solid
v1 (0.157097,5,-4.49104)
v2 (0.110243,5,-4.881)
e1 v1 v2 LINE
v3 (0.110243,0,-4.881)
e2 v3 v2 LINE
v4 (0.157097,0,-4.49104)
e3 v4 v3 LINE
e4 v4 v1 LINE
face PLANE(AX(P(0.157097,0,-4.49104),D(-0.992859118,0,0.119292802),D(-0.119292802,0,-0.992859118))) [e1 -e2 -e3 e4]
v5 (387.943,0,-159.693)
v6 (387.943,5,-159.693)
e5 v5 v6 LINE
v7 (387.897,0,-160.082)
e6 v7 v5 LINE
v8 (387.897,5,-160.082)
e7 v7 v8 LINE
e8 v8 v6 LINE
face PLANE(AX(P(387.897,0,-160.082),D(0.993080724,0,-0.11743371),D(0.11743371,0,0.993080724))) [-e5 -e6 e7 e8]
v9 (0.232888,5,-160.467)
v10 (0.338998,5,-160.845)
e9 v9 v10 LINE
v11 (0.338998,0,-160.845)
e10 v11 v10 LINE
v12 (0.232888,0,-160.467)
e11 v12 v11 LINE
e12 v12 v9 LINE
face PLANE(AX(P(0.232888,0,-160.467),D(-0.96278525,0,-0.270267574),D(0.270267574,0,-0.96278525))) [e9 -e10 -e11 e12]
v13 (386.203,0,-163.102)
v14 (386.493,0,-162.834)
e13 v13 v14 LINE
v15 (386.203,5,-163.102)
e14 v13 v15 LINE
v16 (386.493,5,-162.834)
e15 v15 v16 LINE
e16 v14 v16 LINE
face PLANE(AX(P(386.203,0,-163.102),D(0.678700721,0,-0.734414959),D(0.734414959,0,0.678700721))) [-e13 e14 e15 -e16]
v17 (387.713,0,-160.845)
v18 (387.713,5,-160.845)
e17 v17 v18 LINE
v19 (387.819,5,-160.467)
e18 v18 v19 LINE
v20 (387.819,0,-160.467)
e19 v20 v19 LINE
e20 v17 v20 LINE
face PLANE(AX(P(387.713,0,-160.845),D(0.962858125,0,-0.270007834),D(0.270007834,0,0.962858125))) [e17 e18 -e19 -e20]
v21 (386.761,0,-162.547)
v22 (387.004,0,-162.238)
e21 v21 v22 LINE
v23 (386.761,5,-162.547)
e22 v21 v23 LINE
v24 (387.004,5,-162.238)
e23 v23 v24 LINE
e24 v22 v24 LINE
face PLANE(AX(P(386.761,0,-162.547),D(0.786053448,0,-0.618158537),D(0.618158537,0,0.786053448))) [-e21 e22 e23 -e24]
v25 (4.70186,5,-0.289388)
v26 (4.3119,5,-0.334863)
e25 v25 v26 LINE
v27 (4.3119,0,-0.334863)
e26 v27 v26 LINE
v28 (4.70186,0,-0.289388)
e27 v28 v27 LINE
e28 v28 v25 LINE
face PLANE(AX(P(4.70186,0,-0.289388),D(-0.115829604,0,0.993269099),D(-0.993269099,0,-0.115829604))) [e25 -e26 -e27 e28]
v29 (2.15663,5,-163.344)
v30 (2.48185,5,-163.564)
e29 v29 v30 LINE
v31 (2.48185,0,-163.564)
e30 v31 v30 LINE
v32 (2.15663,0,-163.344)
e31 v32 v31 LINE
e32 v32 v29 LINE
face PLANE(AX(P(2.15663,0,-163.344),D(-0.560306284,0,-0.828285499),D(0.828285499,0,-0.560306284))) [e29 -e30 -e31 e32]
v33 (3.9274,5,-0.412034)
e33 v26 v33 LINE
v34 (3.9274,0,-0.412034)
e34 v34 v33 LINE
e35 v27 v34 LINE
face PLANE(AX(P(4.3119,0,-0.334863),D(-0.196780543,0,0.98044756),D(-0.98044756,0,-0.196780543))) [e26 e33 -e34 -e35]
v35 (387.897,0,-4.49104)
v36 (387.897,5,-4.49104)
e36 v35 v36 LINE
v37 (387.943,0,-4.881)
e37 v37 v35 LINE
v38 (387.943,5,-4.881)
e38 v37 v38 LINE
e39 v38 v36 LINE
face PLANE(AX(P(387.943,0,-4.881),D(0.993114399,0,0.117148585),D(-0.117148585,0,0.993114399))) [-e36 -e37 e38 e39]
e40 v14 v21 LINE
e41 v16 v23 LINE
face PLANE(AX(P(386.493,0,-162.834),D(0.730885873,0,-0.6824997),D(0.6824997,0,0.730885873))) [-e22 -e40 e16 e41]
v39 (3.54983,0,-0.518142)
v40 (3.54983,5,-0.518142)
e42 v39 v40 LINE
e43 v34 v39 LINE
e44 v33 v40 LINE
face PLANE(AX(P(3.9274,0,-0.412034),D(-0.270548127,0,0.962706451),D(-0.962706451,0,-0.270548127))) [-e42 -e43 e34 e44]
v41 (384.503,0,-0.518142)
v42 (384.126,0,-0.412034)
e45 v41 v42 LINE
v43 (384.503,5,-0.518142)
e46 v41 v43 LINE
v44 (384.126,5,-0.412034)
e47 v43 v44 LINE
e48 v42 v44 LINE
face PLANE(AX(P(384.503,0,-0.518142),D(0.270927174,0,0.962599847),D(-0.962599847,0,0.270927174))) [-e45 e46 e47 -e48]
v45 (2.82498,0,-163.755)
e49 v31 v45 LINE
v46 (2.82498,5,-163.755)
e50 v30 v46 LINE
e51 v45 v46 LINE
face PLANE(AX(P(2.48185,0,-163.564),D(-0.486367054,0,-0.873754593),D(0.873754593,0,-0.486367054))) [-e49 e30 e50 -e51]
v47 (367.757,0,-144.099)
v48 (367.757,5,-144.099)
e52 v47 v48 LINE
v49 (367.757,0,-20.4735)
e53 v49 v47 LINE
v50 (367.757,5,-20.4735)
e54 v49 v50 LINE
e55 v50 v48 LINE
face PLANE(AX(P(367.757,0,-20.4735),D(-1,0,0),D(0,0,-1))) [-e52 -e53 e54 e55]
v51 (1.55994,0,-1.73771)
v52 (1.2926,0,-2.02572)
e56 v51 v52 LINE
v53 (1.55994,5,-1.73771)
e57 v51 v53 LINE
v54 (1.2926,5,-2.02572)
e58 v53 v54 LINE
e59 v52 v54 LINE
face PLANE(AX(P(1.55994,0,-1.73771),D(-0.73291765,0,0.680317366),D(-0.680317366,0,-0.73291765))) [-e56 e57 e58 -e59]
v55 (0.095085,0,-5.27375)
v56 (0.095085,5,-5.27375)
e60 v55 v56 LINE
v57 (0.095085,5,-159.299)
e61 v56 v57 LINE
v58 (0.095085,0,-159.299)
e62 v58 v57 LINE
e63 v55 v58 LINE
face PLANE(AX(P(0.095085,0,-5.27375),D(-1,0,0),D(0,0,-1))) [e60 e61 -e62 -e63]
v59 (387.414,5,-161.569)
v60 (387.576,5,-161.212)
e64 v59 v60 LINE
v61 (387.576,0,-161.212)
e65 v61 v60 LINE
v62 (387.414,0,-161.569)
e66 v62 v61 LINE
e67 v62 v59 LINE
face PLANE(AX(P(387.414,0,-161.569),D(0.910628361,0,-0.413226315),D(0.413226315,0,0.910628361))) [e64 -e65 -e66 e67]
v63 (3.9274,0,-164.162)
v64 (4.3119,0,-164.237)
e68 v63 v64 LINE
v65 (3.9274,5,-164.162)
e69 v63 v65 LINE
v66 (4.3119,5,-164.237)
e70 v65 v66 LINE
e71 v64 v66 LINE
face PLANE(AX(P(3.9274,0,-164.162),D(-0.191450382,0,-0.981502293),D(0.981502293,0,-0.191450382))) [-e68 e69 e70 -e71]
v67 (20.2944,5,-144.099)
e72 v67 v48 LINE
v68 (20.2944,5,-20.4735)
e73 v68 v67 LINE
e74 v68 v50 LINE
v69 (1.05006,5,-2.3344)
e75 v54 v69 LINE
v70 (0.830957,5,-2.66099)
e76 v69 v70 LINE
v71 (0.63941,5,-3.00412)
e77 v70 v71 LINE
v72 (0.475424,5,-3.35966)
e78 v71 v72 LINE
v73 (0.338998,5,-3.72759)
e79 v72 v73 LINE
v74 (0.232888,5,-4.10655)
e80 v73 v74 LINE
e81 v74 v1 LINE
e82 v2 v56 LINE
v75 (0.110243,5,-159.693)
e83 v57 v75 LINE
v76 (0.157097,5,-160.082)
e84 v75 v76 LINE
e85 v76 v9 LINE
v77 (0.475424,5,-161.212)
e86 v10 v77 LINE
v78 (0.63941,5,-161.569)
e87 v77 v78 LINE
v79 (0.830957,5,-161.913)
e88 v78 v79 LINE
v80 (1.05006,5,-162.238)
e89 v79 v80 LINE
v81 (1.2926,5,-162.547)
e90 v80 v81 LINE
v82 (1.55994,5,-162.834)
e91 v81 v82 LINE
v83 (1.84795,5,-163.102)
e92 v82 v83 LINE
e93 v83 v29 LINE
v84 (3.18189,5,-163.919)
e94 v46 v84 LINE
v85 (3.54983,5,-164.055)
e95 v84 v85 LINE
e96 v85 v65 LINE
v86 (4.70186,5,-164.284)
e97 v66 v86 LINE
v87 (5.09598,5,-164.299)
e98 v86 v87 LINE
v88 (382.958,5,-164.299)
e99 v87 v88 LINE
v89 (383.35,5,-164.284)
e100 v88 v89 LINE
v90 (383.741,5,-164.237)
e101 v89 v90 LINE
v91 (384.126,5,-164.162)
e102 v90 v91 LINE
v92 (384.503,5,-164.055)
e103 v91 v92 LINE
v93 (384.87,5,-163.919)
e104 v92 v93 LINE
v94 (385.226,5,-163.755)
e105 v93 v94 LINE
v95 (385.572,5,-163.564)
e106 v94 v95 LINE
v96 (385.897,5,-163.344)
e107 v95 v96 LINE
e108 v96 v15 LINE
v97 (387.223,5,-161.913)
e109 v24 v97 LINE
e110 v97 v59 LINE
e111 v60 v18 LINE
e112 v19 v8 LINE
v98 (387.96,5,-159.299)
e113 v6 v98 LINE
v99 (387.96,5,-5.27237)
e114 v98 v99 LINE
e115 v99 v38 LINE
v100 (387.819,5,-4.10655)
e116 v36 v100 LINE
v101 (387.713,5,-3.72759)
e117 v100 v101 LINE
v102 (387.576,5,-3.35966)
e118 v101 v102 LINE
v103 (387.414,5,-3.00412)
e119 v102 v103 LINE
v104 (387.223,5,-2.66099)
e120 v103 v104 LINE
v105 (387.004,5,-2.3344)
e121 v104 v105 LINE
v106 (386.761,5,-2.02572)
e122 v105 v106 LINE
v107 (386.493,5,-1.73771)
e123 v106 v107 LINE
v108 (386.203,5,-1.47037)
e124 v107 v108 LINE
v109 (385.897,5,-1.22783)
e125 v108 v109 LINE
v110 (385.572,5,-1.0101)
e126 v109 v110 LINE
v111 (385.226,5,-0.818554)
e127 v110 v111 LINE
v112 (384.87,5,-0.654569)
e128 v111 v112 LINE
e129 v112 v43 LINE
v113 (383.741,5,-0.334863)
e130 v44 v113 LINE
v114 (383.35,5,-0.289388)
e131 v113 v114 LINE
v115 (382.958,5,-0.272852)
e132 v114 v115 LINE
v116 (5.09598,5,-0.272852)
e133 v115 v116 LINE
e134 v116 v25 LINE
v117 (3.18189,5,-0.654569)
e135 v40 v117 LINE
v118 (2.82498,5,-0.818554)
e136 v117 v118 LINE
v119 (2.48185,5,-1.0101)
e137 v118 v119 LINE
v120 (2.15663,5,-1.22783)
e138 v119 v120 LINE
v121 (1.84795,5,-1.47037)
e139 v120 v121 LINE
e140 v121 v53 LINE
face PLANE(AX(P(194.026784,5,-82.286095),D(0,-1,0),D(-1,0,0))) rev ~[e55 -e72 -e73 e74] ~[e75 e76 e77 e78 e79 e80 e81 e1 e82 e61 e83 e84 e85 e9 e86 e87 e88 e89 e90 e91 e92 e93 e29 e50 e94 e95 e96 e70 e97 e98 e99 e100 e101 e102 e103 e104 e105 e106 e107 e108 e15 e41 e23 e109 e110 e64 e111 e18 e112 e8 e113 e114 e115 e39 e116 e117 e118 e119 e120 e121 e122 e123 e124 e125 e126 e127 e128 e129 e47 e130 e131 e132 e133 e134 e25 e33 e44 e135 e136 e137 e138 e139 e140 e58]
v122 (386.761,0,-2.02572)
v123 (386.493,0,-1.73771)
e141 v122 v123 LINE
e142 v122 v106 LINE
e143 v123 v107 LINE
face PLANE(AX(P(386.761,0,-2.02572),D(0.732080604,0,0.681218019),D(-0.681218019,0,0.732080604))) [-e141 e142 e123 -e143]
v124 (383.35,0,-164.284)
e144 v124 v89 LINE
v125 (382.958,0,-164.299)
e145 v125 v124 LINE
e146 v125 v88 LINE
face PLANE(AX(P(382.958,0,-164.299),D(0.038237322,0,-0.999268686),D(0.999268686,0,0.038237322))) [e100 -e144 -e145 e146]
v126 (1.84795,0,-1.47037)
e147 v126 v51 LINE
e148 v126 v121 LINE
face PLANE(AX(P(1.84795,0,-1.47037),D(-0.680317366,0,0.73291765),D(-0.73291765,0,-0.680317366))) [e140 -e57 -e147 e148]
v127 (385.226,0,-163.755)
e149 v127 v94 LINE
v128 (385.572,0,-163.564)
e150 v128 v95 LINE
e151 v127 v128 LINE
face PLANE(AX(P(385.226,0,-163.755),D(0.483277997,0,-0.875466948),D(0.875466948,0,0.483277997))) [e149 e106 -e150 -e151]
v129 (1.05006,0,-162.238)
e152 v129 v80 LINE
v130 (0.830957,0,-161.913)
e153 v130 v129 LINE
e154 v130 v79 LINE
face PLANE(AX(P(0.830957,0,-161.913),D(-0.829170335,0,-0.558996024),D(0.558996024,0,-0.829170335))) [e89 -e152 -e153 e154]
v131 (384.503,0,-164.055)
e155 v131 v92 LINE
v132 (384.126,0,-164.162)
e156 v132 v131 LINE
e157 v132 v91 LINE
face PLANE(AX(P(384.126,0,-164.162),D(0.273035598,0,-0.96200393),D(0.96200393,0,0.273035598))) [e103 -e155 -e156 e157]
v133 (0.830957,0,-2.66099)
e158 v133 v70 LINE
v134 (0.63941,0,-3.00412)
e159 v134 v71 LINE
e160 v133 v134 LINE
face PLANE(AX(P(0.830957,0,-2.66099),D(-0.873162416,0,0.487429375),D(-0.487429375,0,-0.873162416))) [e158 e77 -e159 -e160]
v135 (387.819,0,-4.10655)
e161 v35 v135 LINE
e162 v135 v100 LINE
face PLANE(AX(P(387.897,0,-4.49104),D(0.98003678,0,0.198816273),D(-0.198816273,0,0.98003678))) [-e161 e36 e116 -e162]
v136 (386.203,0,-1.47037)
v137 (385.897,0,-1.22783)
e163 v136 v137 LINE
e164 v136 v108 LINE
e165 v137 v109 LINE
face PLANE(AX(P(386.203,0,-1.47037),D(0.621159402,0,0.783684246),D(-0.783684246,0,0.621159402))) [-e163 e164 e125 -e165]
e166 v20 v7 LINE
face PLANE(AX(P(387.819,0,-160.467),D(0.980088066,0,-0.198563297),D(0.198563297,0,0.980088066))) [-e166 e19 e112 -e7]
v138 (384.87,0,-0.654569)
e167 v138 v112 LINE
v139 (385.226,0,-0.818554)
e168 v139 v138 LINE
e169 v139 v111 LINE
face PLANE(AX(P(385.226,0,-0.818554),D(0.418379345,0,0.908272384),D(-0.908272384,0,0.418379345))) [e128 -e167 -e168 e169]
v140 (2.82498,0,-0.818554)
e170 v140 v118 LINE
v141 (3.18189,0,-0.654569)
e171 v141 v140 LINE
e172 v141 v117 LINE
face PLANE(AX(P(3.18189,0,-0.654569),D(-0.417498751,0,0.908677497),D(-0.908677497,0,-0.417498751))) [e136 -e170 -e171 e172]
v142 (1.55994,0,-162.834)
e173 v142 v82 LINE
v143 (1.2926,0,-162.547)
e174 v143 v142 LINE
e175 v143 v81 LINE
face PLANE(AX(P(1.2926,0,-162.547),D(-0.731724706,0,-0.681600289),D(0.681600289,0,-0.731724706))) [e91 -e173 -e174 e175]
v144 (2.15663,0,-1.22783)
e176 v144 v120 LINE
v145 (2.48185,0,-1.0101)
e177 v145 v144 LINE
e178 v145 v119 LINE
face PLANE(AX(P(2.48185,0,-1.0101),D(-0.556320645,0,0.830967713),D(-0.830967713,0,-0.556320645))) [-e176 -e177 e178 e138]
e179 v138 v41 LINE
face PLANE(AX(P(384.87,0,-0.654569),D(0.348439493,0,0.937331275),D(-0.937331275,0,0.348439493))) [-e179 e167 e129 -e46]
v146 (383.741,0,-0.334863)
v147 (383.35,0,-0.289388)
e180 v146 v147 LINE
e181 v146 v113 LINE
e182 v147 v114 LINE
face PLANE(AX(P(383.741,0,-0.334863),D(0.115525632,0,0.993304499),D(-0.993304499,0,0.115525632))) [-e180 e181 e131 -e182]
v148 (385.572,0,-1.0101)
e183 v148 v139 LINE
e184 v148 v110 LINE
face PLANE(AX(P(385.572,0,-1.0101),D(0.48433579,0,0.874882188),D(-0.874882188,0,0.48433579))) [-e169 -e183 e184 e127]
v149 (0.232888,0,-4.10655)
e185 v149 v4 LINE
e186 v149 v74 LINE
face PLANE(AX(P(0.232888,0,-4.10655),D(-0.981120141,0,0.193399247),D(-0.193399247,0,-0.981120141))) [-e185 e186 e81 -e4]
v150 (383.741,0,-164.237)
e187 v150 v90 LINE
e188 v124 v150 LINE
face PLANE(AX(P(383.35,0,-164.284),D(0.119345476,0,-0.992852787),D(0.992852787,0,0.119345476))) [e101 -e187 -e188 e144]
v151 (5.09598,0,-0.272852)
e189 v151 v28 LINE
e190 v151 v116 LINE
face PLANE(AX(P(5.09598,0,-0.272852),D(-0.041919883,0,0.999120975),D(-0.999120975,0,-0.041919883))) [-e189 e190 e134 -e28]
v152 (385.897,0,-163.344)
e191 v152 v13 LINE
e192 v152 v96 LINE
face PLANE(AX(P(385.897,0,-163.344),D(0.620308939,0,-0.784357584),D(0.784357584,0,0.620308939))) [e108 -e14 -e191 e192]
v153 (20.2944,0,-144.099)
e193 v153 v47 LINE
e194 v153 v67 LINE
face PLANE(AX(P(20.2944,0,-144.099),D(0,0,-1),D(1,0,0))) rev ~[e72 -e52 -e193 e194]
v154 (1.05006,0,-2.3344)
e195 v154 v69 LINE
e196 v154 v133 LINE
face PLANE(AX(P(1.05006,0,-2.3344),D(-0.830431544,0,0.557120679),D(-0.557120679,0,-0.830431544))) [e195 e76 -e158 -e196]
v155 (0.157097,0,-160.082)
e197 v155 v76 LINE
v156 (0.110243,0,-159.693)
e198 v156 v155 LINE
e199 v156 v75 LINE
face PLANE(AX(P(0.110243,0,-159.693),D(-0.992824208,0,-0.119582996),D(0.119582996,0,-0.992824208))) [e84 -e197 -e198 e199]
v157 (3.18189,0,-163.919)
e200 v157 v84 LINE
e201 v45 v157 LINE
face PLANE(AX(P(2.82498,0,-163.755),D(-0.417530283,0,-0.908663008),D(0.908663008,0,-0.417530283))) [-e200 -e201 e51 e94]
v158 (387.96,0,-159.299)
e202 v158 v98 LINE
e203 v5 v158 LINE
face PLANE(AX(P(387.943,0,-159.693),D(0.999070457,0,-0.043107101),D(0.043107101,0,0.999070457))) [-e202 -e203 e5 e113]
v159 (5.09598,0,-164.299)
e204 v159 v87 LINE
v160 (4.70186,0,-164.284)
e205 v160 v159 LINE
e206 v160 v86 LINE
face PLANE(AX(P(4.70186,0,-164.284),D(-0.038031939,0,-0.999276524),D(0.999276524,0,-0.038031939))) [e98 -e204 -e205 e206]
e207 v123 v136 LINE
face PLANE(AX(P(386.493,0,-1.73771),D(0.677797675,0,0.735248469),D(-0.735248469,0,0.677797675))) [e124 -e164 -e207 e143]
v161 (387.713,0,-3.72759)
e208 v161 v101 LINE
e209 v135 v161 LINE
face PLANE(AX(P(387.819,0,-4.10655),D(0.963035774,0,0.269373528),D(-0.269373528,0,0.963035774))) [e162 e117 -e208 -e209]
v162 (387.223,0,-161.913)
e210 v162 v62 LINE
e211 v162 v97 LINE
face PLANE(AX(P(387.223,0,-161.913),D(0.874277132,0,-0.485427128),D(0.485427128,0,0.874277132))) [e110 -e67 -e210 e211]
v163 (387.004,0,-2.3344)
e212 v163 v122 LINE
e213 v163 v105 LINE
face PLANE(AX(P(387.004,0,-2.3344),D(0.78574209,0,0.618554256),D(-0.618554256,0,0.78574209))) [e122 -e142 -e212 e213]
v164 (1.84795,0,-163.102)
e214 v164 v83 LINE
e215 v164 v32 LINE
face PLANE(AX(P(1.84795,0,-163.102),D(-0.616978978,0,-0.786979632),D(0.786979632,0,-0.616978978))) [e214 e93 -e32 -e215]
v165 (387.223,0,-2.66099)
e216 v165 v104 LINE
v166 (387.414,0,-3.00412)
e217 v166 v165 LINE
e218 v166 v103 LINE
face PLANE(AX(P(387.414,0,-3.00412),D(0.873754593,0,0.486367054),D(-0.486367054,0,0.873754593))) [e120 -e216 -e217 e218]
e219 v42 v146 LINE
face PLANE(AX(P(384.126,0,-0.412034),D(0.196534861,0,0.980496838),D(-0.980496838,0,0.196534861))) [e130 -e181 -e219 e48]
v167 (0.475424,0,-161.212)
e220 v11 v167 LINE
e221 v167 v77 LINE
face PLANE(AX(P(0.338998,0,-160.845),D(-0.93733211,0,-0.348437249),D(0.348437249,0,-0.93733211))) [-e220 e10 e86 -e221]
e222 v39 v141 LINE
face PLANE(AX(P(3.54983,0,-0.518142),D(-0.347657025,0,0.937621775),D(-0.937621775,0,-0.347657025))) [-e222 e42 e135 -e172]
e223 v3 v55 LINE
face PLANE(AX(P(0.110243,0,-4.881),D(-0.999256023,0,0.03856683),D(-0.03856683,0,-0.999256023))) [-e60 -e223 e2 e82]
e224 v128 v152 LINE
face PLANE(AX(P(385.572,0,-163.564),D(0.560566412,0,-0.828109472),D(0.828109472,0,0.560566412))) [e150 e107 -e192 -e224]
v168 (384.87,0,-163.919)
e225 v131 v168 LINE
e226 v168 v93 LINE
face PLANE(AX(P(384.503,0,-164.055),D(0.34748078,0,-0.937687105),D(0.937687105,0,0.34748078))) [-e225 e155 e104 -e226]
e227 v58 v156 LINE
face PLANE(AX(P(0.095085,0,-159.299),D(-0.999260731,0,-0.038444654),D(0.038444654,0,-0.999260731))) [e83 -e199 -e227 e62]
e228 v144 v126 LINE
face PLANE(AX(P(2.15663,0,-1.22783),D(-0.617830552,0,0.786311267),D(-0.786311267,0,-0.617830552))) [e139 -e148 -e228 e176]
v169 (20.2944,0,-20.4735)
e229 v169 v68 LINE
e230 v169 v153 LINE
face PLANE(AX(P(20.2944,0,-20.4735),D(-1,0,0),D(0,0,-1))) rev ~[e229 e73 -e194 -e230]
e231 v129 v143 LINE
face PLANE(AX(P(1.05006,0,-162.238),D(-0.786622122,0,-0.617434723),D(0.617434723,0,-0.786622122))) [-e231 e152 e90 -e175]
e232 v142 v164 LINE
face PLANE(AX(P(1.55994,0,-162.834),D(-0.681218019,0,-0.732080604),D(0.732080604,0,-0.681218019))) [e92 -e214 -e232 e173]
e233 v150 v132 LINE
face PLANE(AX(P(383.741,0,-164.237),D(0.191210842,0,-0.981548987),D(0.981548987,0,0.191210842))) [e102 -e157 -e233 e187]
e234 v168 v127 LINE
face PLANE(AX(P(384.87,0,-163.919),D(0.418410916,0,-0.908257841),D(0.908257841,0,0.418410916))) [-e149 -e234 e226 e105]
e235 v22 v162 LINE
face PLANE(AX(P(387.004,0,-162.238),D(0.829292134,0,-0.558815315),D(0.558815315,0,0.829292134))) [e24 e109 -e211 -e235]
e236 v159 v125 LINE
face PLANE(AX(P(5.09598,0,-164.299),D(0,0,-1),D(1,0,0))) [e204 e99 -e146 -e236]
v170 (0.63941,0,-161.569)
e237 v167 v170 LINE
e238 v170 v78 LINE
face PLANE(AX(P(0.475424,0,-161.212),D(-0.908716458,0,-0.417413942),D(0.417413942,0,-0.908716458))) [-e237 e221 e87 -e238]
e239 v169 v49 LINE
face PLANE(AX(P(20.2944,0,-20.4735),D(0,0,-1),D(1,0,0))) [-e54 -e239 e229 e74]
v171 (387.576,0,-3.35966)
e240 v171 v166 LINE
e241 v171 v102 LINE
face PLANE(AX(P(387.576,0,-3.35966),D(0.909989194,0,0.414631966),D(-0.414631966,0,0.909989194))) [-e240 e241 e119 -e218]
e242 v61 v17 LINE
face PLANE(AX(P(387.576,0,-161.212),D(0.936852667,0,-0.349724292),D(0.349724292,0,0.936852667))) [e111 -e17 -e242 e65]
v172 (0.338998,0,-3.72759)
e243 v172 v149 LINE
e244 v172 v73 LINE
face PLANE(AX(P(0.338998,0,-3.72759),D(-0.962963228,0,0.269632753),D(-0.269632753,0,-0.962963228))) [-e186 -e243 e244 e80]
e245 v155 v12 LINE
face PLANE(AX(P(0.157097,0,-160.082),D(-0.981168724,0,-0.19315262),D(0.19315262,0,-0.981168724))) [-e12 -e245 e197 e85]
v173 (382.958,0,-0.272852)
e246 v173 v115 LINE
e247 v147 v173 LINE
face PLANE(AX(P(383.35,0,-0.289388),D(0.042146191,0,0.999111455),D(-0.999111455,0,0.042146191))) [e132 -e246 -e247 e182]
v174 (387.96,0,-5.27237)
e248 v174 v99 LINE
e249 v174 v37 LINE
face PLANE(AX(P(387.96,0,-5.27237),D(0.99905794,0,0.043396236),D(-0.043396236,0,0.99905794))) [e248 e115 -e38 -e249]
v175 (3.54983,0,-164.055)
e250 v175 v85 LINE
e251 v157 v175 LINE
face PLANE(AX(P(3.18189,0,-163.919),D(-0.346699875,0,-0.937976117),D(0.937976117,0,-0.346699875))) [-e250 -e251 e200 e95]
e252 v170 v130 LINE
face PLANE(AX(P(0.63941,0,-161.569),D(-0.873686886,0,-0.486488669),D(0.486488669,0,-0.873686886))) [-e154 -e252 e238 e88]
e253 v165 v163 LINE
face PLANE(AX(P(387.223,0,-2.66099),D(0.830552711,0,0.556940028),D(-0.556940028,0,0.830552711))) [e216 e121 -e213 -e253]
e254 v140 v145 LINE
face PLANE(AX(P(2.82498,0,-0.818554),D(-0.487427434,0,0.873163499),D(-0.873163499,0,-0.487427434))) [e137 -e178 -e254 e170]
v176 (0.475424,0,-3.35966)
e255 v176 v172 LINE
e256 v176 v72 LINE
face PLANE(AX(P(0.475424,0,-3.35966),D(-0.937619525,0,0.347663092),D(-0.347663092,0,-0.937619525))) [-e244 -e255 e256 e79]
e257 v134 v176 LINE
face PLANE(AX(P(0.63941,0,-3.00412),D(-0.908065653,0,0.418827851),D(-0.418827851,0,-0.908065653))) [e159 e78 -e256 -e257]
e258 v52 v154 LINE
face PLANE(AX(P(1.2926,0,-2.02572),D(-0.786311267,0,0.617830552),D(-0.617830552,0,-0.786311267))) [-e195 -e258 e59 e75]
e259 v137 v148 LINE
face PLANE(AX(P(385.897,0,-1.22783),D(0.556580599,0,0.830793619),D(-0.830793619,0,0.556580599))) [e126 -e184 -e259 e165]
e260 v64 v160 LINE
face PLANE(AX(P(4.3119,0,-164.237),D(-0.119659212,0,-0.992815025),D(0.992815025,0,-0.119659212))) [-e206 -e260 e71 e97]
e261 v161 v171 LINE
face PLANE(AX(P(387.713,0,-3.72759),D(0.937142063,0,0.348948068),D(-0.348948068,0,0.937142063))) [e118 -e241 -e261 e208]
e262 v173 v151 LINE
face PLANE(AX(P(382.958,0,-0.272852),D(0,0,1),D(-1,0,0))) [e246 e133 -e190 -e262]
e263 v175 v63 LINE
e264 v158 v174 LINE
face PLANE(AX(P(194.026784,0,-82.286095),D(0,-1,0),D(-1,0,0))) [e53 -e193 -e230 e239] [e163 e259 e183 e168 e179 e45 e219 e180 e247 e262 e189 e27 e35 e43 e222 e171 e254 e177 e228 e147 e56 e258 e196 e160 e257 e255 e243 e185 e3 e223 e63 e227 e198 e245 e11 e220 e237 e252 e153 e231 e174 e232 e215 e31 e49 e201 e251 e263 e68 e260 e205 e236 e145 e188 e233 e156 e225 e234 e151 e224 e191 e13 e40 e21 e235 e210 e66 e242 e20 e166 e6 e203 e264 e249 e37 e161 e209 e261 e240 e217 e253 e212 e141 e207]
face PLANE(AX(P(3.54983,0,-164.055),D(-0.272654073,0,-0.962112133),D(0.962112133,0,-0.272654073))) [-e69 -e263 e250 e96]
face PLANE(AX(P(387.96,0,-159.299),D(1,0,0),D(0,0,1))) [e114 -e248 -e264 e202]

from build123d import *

# Parameters (mm, degrees)
SKETCH1_W           = 347.4626
SKETCH1_H           = 123.6255
BOSS_EXTRUDE1_DEPTH = 5


with BuildPart() as part:
    # Sketch1 → Boss-Extrude1 (new body)
    with BuildSketch(Plane(origin=(0, 0, 0), x_dir=(1, 0, 0), z_dir=(0, 1, 0))):
        Polygon((382.958, 164.299), (383.35, 164.284), (383.741, 164.237), (384.126, 164.162), (384.503, 164.055), (384.87, 163.919), (385.226, 163.755), (385.572, 163.564), (385.897, 163.344), (386.203, 163.102), (386.493, 162.834), (386.761, 162.547), (387.004, 162.238), (387.223, 161.913), (387.414, 161.569), (387.576, 161.212), (387.713, 160.845), (387.819, 160.467), (387.897, 160.082), (387.943, 159.693), (387.96, 159.299), (387.96, 5.27237), (387.943, 4.881), (387.897, 4.49104), (387.819, 4.10655), (387.713, 3.72759), (387.576, 3.35966), (387.414, 3.00412), (387.223, 2.66099), (387.004, 2.3344), (386.761, 2.02572), (386.493, 1.73771), (386.203, 1.47037), (385.897, 1.22783), (385.572, 1.0101), (385.226, 0.818554), (384.87, 0.654569), (384.503, 0.518142), (384.126, 0.412034), (383.741, 0.334863), (383.35, 0.289388), (382.958, 0.272852), (5.09598, 0.272852), (4.70186, 0.289388), (4.3119, 0.334863), (3.9274, 0.412034), (3.54983, 0.518142), (3.18189, 0.654569), (2.82498, 0.818554), (2.48185, 1.0101), (2.15663, 1.22783), (1.84795, 1.47037), (1.55994, 1.73771), (1.2926, 2.02572), (1.05006, 2.3344), (0.830957, 2.66099), (0.63941, 3.00412), (0.475424, 3.35966), (0.338998, 3.72759), (0.232888, 4.10655), (0.157097, 4.49104), (0.110243, 4.881), (0.0950846, 5.27375), (0.0950846, 159.299), (0.110243, 159.693), (0.157097, 160.082), (0.232888, 160.467), (0.338998, 160.845), (0.475424, 161.212), (0.63941, 161.569), (0.830957, 161.913), (1.05006, 162.238), (1.2926, 162.547), (1.55994, 162.834), (1.84795, 163.102), (2.15663, 163.344), (2.48185, 163.564), (2.82498, 163.755), (3.18189, 163.919), (3.54983, 164.055), (3.9274, 164.162), (4.3119, 164.237), (4.70186, 164.284), (5.09598, 164.299), align=None)
        with Locations((194.0257, 82.28625)):
            Rectangle(SKETCH1_W, SKETCH1_H, mode=Mode.SUBTRACT)
    extrude(amount=BOSS_EXTRUDE1_DEPTH)


solid = part.part
